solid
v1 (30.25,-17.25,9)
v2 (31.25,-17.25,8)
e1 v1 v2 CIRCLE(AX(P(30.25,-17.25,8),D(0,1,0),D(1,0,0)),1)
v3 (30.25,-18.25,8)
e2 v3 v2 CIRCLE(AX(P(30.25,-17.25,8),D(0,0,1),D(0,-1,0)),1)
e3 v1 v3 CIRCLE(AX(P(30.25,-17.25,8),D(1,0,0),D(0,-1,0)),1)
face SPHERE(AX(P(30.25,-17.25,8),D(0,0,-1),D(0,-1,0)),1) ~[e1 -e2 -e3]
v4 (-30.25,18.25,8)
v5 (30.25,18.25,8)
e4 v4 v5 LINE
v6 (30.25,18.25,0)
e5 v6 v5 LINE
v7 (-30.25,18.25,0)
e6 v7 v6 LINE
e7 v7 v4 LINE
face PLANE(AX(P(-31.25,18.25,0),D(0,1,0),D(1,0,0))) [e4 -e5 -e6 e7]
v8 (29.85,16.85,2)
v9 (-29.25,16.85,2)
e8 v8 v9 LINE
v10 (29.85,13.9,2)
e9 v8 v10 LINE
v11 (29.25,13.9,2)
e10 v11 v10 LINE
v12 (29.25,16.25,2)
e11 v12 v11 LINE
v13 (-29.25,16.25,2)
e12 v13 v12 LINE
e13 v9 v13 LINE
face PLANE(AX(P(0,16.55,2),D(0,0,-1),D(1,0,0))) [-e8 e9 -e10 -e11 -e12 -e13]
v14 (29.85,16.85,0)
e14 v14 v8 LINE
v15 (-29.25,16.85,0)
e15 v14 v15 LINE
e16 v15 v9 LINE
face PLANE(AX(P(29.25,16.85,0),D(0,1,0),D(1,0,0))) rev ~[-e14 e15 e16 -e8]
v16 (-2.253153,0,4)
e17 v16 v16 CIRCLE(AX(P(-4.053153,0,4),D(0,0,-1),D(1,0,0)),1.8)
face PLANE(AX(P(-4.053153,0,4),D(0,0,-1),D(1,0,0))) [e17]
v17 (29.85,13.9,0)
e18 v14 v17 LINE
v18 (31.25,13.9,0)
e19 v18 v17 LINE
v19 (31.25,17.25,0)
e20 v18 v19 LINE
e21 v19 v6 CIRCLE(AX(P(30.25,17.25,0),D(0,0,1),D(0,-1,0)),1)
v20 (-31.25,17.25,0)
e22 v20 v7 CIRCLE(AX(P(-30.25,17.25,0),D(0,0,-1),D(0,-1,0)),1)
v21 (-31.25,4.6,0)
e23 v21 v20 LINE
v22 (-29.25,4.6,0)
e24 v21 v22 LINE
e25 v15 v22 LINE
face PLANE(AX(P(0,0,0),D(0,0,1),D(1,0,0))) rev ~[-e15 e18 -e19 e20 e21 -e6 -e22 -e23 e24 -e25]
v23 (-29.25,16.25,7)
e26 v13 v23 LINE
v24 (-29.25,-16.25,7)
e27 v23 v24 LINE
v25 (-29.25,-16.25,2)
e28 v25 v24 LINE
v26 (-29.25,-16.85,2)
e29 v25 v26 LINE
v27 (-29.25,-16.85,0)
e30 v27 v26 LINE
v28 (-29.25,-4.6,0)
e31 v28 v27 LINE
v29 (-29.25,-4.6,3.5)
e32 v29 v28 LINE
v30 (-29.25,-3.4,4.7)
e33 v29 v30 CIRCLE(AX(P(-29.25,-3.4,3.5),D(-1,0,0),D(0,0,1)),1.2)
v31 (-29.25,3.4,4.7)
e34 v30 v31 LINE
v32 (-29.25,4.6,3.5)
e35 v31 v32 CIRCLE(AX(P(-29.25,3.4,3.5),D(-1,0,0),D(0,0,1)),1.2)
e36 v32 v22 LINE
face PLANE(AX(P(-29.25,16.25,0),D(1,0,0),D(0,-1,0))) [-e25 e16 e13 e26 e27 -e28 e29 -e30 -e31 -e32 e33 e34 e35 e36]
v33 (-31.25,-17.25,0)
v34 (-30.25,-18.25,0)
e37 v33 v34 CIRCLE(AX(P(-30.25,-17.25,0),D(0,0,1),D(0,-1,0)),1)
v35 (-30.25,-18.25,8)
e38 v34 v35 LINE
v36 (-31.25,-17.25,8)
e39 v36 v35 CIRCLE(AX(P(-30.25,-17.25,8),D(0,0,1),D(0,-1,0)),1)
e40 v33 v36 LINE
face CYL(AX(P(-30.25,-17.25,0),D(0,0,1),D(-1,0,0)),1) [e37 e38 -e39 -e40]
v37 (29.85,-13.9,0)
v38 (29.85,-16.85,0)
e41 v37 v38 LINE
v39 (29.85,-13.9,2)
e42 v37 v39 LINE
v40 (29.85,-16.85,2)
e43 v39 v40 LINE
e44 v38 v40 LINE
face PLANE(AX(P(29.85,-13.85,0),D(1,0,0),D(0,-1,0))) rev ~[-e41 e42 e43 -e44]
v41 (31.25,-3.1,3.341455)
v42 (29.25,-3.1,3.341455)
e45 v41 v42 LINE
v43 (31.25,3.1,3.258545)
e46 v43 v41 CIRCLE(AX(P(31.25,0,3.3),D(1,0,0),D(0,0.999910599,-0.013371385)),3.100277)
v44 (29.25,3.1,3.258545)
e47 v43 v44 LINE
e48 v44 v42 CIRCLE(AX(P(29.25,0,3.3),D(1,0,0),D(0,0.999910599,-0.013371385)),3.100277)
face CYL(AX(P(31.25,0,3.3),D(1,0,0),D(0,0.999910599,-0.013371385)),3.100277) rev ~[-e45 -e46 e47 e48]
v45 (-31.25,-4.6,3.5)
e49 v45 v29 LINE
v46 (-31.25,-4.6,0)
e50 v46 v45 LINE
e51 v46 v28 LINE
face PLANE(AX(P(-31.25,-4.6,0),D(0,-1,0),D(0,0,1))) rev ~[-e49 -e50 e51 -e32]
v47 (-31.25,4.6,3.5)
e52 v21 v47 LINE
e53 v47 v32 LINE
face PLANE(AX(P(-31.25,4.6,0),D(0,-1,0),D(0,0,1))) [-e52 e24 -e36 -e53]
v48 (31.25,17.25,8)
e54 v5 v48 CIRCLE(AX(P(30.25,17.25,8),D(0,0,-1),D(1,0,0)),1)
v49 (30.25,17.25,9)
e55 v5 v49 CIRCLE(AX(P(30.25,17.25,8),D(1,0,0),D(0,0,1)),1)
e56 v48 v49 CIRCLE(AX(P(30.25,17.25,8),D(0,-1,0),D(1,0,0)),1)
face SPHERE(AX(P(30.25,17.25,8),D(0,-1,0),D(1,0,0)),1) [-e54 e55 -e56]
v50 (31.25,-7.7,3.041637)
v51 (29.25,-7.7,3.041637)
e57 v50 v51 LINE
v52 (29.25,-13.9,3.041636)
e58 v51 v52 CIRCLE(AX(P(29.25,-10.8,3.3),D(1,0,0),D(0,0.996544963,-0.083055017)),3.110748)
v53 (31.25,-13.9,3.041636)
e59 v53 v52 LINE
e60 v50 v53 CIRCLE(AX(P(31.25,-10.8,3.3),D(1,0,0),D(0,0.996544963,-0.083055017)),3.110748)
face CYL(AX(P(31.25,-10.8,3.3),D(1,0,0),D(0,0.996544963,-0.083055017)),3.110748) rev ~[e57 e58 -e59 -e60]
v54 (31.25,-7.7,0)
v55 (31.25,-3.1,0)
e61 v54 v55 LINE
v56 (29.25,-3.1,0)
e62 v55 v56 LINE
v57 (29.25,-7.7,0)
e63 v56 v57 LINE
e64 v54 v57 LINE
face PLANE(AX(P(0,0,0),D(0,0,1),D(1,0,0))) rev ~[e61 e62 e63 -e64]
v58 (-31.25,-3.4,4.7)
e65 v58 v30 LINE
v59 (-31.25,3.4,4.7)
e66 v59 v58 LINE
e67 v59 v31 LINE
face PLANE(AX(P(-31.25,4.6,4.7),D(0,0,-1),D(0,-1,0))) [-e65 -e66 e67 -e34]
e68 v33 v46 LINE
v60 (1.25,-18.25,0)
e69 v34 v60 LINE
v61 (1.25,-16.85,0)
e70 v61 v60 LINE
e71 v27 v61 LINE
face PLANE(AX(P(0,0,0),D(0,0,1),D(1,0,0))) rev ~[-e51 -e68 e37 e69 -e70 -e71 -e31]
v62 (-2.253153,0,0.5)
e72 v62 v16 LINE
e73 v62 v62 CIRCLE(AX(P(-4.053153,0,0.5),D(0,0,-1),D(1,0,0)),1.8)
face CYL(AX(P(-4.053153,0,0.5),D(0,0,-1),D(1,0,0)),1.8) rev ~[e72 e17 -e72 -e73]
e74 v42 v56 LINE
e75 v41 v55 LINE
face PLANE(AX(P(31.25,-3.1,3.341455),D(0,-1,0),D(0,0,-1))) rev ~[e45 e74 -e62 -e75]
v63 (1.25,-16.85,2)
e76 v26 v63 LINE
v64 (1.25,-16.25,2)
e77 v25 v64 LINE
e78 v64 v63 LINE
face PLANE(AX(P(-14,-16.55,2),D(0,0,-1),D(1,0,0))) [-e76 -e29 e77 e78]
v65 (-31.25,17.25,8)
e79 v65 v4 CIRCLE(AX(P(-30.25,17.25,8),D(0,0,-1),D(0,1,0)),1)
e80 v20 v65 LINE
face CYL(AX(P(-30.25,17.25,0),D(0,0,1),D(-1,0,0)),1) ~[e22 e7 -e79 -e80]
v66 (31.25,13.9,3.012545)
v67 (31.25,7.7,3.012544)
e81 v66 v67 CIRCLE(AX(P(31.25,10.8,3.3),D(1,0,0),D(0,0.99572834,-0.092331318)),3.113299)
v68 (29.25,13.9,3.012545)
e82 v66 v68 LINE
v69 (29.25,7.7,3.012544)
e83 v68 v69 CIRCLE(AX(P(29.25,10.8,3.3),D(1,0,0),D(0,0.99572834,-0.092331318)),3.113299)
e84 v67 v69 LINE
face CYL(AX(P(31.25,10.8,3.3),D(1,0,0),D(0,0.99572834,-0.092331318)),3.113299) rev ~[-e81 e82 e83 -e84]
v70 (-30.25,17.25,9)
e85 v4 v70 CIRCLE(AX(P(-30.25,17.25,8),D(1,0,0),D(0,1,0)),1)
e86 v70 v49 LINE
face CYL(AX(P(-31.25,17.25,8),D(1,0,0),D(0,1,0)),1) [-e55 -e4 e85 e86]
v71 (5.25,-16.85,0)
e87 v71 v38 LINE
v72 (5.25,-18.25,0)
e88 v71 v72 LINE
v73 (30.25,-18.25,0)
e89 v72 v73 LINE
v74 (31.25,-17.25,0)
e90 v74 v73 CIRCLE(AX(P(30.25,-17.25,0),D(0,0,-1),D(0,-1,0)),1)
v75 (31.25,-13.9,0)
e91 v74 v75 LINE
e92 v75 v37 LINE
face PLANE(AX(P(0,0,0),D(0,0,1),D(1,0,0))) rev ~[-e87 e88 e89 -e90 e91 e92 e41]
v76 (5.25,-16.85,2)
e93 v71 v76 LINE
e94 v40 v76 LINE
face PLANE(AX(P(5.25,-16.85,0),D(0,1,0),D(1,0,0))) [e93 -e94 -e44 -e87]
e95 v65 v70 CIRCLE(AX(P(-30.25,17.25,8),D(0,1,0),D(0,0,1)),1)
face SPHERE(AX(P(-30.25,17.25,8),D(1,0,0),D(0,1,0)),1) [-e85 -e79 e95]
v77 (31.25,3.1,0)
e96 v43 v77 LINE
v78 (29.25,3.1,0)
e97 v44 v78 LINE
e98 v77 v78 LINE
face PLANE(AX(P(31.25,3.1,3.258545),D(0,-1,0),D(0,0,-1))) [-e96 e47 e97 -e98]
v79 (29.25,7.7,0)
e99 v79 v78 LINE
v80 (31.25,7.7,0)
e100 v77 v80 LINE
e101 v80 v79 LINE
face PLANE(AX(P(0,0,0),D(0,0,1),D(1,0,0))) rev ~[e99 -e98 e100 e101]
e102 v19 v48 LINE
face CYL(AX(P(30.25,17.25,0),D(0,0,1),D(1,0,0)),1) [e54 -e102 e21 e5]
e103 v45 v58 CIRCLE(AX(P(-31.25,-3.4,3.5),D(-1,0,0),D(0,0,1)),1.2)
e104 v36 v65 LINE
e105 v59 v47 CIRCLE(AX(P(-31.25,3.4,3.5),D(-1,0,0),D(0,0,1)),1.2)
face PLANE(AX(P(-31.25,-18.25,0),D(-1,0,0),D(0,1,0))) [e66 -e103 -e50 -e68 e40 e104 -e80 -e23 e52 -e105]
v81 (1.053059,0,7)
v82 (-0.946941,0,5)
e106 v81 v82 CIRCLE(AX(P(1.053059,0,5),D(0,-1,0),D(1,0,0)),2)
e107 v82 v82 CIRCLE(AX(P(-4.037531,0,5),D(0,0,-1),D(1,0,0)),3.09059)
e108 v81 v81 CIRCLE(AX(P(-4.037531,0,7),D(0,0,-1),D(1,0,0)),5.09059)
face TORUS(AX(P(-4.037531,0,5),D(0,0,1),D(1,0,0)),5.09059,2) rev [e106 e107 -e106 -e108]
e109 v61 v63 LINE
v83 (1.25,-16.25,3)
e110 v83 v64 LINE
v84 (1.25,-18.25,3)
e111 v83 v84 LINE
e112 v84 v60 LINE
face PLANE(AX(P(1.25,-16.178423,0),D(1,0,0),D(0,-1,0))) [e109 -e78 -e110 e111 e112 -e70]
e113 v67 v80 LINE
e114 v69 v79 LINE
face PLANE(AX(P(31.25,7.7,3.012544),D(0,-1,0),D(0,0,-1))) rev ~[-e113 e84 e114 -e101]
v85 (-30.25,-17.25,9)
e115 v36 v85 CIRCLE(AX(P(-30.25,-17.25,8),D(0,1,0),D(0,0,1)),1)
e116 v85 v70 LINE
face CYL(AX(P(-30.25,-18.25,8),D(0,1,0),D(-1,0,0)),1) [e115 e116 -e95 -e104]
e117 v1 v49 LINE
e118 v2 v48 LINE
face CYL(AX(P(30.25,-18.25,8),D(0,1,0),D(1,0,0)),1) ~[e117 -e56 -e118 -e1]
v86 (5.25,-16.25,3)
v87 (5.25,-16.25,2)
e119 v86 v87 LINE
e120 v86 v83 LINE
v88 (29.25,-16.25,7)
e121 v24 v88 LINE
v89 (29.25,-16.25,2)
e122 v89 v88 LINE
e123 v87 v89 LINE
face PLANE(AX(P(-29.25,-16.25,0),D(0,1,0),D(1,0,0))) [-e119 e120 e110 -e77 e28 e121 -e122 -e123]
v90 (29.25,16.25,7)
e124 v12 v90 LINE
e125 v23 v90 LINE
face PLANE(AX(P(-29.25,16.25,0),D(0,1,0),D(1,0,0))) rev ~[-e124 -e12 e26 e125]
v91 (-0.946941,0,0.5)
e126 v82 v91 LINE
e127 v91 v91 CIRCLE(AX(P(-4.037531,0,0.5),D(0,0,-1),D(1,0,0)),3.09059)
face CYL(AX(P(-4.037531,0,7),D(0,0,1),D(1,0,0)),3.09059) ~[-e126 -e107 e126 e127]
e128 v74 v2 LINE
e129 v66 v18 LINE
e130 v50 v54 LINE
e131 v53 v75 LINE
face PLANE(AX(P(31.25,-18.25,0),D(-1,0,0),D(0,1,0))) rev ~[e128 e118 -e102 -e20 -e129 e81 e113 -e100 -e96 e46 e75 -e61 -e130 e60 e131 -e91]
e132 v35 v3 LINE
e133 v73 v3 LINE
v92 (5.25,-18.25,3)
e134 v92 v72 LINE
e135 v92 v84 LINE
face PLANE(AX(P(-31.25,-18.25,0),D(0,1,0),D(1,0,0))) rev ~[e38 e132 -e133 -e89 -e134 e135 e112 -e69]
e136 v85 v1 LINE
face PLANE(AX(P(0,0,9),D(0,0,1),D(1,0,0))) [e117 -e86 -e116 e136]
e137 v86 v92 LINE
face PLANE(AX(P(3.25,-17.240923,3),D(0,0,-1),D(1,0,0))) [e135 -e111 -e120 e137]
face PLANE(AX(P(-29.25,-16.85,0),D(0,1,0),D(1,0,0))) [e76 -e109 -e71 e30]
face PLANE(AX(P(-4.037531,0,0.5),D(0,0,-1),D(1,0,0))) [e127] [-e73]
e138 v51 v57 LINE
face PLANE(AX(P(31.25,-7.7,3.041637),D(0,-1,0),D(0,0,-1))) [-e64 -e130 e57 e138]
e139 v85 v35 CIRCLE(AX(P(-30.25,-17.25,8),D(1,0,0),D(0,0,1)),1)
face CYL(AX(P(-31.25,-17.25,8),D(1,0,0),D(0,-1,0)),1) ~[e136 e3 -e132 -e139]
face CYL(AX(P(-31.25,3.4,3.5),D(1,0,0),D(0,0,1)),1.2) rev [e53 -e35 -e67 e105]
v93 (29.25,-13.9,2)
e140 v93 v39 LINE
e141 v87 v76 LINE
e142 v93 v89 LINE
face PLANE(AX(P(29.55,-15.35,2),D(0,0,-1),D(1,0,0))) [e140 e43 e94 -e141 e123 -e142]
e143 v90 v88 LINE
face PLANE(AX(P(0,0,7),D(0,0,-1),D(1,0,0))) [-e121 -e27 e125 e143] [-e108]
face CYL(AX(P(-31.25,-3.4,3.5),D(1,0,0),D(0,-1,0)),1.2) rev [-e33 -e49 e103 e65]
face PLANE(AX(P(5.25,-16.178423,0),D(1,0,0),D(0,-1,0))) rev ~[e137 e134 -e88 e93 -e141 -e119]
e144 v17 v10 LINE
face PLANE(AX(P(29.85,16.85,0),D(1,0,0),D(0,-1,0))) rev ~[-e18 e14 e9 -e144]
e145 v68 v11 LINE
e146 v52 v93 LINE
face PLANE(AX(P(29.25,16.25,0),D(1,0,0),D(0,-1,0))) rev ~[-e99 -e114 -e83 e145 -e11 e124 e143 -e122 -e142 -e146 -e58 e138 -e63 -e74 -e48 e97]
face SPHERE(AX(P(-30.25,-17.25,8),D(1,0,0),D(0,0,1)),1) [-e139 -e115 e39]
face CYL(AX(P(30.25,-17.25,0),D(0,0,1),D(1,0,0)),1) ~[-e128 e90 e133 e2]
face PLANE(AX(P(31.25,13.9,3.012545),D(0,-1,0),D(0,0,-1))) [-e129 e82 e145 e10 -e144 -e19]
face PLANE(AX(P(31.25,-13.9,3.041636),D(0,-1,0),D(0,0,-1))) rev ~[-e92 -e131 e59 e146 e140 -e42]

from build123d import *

# Parameters (mm, degrees)
SKETCH_W        = 62.5
SKETCH_H        = 36.5
PAD_DEPTH       = 9
SKETCH001_W     = 58.5
SKETCH001_H     = 32.5
POCKET_DEPTH    = 7
SKETCH002_R     = 3.09059
PAD001_DEPTH    = 6.5
SKETCH003_R     = 1.8
POCKET001_DEPTH = 3.5
SKETCH004_W     = 4
SKETCH004_H     = 2.125
POCKET002_DEPTH = 3
SKETCH005_W     = 9.2
SKETCH005_H     = 4.7
POCKET003_DEPTH = 5
FILLET_R        = 1.2
FILLET001_R     = 1.2
POCKET004_DEPTH = 5
SKETCH007_W     = 30.5
SKETCH007_H     = 0.6
POCKET005_DEPTH = 2
SKETCH008_W     = 58.5
SKETCH008_H     = 0.6
POCKET006_DEPTH = 2
SKETCH009_W     = 24
SKETCH009_H     = 0.6
POCKET007_DEPTH = 2
SKETCH010_W     = 0.6
SKETCH010_H     = 3
POCKET008_DEPTH = 2
SKETCH011_W     = 0.6
SKETCH011_H     = 3
POCKET009_DEPTH = 2
FILLET002_R     = 2
FILLET003_R     = 1


with BuildPart() as part:
    # Sketch → Pad (new body)
    with BuildSketch(Plane.XY):
        Rectangle(SKETCH_W, SKETCH_H)
    extrude(amount=PAD_DEPTH)

    # Sketch001 (on Face5 of Pad) → Pocket (cut)
    with BuildSketch(Plane(origin=(0, 0, 0), x_dir=(1, 0, 0), z_dir=(0, 0, -1))):
        Rectangle(SKETCH001_W, SKETCH001_H)
    extrude(amount=-POCKET_DEPTH, mode=Mode.SUBTRACT)

    # Sketch002 (on Face11 of Pocket) → Pad001 (join)
    with BuildSketch(Plane(origin=(0, 0, 7), x_dir=(1, 0, 0), z_dir=(0, 0, -1))):
        with Locations((-4.037531, 0)):
            Circle(SKETCH002_R)
    extrude(amount=PAD001_DEPTH)

    # Sketch003 (on Face13 of Pad001) → Pocket001 (cut)
    with BuildSketch(Plane(origin=(0, 0, 0.5), x_dir=(1, 0, 0), z_dir=(0, 0, -1))):
        with Locations((-4.053153, 0)):
            Circle(SKETCH003_R)
    extrude(amount=-POCKET001_DEPTH, mode=Mode.SUBTRACT)

    # Sketch004 (on Face4 of Pocket001) → Pocket002 (cut)
    with BuildSketch(Plane(origin=(0, 0, 0), x_dir=(1, 0, 0), z_dir=(0, 0, -1))):
        with Locations((3.25, 17.240923)):
            Rectangle(SKETCH004_W, SKETCH004_H)
    extrude(amount=-POCKET002_DEPTH, mode=Mode.SUBTRACT)

    # Sketch005 (on Face1 of Pocket002) → Pocket003 (cut)
    with BuildSketch(Plane(origin=(-31.25, 0, 0), x_dir=(0, -1, 0), z_dir=(-1, 0, 0))):
        with Locations((0, 2.35)):
            Rectangle(SKETCH005_W, SKETCH005_H)
    extrude(amount=-POCKET003_DEPTH, mode=Mode.SUBTRACT)

    # Fillet
    fillet_edges = [part.edges().sort_by_distance(p)[0] for p in [
        (-30.25, -4.6, 4.7),
    ]]
    fillet(fillet_edges, radius=FILLET_R)

    # Fillet001
    fillet001_edges = [part.edges().sort_by_distance(p)[0] for p in [
        (-30.25, 4.6, 4.7),
    ]]
    fillet(fillet001_edges, radius=FILLET001_R)

    # Sketch006 (on Face13 of Fillet001) → Pocket004 (cut)
    with BuildSketch(Plane.YZ.offset(31.25)):
        with BuildLine():
            ThreePointArc((3.1, 3.258545), (0.041455, 6.4), (-3.1, 3.341455))
            Line((-3.1, 3.341455), (-3.1, 0))
            Line((-3.1, 0), (3.1, 0))
            Line((3.1, 3.258545), (3.1, 0))
        make_face()
        with BuildLine():
            ThreePointArc((-7.7, 3.041637), (-10.800001, 6.410748), (-13.9, 3.041636))
            Line((-13.9, 3.041636), (-13.9, 0))
            Line((-7.7, 0), (-13.9, 0))
            Line((-7.7, 3.041637), (-7.7, 0))
        make_face()
        with BuildLine():
            ThreePointArc((13.9, 3.012545), (10.799999, 6.413299), (7.7, 3.012544))
            Line((7.7, 3.012544), (7.7, 0))
            Line((13.9, 0), (7.7, 0))
            Line((13.9, 3.012545), (13.9, 0))
        make_face()
    extrude(amount=-POCKET004_DEPTH, mode=Mode.SUBTRACT)

    # Sketch007 (on Face8 of Pocket004) → Pocket005 (cut)
    with BuildSketch(Plane(origin=(0, 0, 0), x_dir=(1, 0, 0), z_dir=(0, 0, -1))):
        with Locations((-14, 16.55)):
            Rectangle(SKETCH007_W, SKETCH007_H)
    extrude(amount=-POCKET005_DEPTH, mode=Mode.SUBTRACT)

    # Sketch008 (on Face7 of Pocket004) → Pocket006 (cut)
    with BuildSketch(Plane(origin=(0, 0, 0), x_dir=(1, 0, 0), z_dir=(0, 0, -1))):
        with Locations((0, -16.55)):
            Rectangle(SKETCH008_W, SKETCH008_H)
    extrude(amount=-POCKET006_DEPTH, mode=Mode.SUBTRACT)

    # Sketch009 (on Face19 of Pocket004) → Pocket007 (cut)
    with BuildSketch(Plane(origin=(0, 0, 0), x_dir=(1, 0, 0), z_dir=(0, 0, -1))):
        with Locations((17.25, 16.55)):
            Rectangle(SKETCH009_W, SKETCH009_H)
    extrude(amount=-POCKET007_DEPTH, mode=Mode.SUBTRACT)

    # Sketch010 (on Face22 of Pocket007) → Pocket008 (cut)
    with BuildSketch(Plane(origin=(0, 0, 0), x_dir=(1, 0, 0), z_dir=(0, 0, -1))):
        with Locations((29.55, 15.35)):
            Rectangle(SKETCH010_W, SKETCH010_H)
    extrude(amount=-POCKET008_DEPTH, mode=Mode.SUBTRACT)

    # Sketch011 (on Face7 of Pocket008) → Pocket009 (cut)
    with BuildSketch(Plane(origin=(0, 0, 0), x_dir=(1, 0, 0), z_dir=(0, 0, -1))):
        with Locations((29.55, -15.35)):
            Rectangle(SKETCH011_W, SKETCH011_H)
    extrude(amount=-POCKET009_DEPTH, mode=Mode.SUBTRACT)

    # Fillet002
    fillet002_edges = [part.edges().sort_by_distance(p)[0] for p in [
        (-7.128121, 0, 7),
    ]]
    fillet(fillet002_edges, radius=FILLET002_R)

    # Fillet003
    fillet003_edges = [part.edges().sort_by_distance(p)[0] for p in [
        (31.25, -18.25, 4.5),
        (0, -18.25, 9),
        (31.25, 0, 9),
        (31.25, 18.25, 4.5),
        (0, 18.25, 9),
        (-31.25, 18.25, 4.5),
        (-31.25, 0, 9),
        (-31.25, -18.25, 4.5),
    ]]
    fillet(fillet003_edges, radius=FILLET003_R)


solid = part.part
